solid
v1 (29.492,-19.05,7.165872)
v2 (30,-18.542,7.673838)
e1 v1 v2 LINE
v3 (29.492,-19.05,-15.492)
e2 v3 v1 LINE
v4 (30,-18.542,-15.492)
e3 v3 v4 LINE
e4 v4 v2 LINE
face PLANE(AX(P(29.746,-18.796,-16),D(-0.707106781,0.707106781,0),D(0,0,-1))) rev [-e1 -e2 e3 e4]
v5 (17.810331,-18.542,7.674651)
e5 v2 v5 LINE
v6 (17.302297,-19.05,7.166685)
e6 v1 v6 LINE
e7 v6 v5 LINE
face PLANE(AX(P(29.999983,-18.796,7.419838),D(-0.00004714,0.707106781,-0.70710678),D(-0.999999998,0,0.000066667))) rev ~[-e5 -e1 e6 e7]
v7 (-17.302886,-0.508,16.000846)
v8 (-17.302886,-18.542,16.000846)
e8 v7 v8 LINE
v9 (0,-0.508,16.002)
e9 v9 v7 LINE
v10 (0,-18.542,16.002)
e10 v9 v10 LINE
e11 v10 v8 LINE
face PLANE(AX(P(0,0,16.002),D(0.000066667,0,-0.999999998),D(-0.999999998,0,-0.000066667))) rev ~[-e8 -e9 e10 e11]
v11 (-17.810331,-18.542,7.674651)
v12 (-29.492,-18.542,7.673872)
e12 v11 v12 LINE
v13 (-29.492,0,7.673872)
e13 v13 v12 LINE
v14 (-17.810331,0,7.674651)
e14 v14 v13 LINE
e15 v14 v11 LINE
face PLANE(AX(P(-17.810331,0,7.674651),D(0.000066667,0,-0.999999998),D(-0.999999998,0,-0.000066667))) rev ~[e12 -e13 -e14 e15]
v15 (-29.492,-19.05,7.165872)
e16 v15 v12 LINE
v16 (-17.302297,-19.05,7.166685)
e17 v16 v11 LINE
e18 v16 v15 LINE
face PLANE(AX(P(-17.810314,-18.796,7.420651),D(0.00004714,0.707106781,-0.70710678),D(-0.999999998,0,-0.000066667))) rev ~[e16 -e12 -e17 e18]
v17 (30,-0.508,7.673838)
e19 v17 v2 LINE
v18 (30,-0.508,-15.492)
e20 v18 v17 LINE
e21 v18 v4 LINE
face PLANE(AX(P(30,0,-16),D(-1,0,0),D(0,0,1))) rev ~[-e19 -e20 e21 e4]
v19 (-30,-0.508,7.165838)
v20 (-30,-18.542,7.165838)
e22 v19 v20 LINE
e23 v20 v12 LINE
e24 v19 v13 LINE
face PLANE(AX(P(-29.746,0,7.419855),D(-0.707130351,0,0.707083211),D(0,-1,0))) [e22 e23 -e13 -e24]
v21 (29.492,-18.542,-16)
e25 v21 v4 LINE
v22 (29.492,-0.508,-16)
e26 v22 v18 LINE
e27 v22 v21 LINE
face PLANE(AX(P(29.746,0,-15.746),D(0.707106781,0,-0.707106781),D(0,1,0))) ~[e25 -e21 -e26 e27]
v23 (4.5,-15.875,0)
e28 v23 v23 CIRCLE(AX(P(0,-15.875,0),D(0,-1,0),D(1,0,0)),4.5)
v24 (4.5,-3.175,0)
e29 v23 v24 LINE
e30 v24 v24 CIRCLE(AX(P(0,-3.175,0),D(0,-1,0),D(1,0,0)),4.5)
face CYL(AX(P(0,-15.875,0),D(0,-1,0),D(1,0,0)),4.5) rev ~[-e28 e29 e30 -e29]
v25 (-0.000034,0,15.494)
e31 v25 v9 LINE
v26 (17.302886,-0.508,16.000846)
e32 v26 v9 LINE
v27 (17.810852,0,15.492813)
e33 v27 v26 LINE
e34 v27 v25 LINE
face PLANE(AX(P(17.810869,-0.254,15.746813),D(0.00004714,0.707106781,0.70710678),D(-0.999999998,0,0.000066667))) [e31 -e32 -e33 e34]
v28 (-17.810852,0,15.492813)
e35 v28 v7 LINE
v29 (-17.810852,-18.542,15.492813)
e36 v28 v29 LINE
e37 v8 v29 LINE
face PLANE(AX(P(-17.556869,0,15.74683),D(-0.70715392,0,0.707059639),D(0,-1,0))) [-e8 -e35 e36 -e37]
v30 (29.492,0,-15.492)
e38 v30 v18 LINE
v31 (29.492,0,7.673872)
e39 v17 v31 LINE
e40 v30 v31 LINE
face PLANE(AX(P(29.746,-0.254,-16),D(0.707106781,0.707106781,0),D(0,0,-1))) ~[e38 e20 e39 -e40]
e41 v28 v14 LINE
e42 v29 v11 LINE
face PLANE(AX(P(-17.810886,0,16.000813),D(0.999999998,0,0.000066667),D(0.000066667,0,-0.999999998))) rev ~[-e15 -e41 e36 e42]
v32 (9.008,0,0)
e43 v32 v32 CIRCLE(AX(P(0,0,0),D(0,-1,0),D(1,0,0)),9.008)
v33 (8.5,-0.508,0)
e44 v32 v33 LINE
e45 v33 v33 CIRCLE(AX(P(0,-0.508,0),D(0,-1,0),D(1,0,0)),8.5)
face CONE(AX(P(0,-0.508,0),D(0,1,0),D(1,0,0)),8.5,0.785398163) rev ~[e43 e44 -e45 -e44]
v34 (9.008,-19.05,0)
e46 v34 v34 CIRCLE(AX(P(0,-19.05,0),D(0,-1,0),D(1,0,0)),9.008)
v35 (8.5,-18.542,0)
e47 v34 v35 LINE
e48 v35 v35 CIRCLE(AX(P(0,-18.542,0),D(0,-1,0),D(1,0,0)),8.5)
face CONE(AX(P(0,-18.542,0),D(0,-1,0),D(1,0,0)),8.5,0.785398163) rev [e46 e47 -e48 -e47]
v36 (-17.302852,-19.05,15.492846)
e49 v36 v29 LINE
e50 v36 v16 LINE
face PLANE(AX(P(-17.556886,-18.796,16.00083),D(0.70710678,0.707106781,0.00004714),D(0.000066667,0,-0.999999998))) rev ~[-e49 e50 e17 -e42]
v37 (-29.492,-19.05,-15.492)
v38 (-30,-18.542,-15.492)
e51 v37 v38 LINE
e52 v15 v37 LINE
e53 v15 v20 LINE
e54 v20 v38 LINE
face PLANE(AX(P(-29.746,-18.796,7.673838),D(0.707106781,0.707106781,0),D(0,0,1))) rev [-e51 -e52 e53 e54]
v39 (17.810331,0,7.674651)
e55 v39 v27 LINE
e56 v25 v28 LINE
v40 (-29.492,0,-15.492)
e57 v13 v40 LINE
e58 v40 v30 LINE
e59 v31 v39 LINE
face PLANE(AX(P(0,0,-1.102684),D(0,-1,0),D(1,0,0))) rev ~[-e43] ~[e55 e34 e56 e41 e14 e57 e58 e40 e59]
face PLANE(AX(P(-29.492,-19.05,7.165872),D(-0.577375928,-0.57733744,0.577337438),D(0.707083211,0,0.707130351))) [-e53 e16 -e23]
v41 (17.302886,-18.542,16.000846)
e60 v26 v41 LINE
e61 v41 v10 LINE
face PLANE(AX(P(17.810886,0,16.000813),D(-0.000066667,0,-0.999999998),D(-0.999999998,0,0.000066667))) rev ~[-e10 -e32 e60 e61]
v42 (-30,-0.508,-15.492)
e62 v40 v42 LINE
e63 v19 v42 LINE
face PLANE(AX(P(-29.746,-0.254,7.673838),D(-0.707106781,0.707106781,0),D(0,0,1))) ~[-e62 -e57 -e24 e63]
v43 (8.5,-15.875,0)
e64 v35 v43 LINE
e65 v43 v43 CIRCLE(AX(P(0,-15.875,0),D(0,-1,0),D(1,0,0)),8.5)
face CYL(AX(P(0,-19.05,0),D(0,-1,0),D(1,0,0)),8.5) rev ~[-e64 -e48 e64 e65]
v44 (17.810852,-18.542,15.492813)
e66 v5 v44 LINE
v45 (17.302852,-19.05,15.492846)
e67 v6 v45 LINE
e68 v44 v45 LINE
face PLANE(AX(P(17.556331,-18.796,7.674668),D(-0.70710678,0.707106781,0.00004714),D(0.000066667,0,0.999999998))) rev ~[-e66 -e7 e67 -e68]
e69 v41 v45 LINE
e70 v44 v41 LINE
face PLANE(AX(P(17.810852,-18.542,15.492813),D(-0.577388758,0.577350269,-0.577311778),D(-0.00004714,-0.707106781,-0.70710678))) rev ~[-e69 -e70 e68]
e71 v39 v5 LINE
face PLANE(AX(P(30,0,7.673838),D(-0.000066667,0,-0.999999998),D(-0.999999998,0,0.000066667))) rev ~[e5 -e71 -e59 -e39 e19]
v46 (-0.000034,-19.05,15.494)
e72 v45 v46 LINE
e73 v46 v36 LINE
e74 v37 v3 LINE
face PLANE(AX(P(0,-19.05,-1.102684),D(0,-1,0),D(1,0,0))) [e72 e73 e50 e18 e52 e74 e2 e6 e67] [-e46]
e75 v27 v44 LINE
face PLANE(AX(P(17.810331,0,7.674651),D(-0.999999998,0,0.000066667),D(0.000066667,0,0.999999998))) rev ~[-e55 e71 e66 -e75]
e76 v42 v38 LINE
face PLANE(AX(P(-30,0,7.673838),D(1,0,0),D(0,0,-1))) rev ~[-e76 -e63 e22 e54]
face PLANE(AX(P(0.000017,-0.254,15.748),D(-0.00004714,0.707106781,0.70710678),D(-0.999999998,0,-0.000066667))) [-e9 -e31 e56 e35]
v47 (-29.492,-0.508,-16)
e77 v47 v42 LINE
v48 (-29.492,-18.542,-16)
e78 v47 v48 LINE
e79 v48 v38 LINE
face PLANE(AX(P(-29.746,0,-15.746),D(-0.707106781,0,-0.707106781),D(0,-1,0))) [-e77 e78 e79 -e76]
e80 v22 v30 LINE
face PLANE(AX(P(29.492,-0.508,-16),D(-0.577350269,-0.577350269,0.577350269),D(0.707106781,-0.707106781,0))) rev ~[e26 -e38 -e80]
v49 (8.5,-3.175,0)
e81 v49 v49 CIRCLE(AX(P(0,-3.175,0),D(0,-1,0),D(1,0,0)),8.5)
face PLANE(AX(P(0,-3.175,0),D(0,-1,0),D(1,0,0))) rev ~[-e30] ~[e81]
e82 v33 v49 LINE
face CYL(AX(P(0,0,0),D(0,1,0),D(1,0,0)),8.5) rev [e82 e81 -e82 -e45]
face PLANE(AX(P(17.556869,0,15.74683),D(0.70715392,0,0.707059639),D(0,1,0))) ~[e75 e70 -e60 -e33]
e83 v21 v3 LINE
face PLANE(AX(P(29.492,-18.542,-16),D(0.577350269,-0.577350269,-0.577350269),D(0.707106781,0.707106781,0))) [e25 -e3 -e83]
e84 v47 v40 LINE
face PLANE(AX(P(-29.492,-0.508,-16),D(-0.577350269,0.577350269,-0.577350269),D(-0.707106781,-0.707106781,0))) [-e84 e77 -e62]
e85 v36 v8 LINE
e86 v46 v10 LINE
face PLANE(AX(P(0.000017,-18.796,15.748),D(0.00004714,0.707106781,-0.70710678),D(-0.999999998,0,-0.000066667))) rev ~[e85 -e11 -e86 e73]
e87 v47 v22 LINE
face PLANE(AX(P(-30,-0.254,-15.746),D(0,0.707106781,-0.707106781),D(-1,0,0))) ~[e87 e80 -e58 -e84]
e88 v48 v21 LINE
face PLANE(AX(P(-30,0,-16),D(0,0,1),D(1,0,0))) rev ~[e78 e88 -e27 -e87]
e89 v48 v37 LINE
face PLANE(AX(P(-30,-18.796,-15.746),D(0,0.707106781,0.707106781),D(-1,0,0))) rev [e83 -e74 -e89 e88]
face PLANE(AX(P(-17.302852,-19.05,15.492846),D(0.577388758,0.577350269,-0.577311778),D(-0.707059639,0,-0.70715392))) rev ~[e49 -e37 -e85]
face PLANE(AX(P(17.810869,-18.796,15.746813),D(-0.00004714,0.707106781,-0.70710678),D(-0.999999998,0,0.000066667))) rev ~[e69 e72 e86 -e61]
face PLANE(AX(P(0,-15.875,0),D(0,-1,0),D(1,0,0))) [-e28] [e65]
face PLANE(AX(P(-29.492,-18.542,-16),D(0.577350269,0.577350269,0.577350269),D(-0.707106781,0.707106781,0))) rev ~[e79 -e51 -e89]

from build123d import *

# Parameters (mm, degrees)
F1_DEPTH = 19.05
F2_R     = 8.5
F3_DEPTH = 3.175
F4_R     = 4.5
F5_DEPTH = 15.875
F6_R     = 8.5
F7_DEPTH = 3.175
F8_SIZE  = 0.508


with BuildPart() as f1:
    # F0 (on Front) → F1 (new body)
    with BuildSketch(Plane.XZ):
        Polygon((-30, -16), (0, -16), (30, -16), (30, 7.6738381025), (17.8103312015, 7.6746507471), (17.810886279, 16.0008126076), (0, 16.002), (-17.810886279, 16.0008126076), (-17.8103312015, 7.6746507471), (-30, 7.6738381025), align=None)
    extrude(amount=F1_DEPTH)

    # F2 (on face) → F3 (cut)
    with BuildSketch(Plane.XZ.offset(19.05)):
        Circle(F2_R)
    extrude(amount=-F3_DEPTH, mode=Mode.SUBTRACT)

    # F4 (on face) → F5 (cut, through all)
    with BuildSketch(Plane.XZ.offset(15.875)):
        Circle(F4_R)
    extrude(amount=-F5_DEPTH, mode=Mode.SUBTRACT)

    # F6 (on Front) → F7 (cut)
    with BuildSketch(Plane.XZ):
        Circle(F6_R)
    extrude(amount=F7_DEPTH, mode=Mode.SUBTRACT)

    # F8
    f8_edges = [f1.edges().sort_by_distance(p)[0] for p in [
        (-30, -9.525, 7.673838),
        (-17.810886, -9.525, 16.000813),
        (-30, -19.05, -4.163081),
        (-8.905443, -19.05, 16.001406),
        (8.905443, -19.05, 16.001406),
        (23.905166, -19.05, 7.674244),
        (30, -19.05, -4.163081),
        (0, -19.05, -16),
        (-8.905443, 0, 16.001406),
        (8.905443, 0, 16.001406),
        (17.810886, -9.525, 16.000813),
        (-30, 0, -4.163081),
        (30, 0, -4.163081),
        (0, 0, -16),
        (30, -9.525, -16),
        (-30, -9.525, -16),
        (-8.5, 0, 0),
        (-23.905166, -19.05, 7.674244),
        (-17.810609, -19.05, 11.837732),
        (17.810609, -19.05, 11.837732),
        (-8.5, -19.05, 0),
    ]]
    chamfer(f8_edges, length=F8_SIZE)


solid = f1.part
